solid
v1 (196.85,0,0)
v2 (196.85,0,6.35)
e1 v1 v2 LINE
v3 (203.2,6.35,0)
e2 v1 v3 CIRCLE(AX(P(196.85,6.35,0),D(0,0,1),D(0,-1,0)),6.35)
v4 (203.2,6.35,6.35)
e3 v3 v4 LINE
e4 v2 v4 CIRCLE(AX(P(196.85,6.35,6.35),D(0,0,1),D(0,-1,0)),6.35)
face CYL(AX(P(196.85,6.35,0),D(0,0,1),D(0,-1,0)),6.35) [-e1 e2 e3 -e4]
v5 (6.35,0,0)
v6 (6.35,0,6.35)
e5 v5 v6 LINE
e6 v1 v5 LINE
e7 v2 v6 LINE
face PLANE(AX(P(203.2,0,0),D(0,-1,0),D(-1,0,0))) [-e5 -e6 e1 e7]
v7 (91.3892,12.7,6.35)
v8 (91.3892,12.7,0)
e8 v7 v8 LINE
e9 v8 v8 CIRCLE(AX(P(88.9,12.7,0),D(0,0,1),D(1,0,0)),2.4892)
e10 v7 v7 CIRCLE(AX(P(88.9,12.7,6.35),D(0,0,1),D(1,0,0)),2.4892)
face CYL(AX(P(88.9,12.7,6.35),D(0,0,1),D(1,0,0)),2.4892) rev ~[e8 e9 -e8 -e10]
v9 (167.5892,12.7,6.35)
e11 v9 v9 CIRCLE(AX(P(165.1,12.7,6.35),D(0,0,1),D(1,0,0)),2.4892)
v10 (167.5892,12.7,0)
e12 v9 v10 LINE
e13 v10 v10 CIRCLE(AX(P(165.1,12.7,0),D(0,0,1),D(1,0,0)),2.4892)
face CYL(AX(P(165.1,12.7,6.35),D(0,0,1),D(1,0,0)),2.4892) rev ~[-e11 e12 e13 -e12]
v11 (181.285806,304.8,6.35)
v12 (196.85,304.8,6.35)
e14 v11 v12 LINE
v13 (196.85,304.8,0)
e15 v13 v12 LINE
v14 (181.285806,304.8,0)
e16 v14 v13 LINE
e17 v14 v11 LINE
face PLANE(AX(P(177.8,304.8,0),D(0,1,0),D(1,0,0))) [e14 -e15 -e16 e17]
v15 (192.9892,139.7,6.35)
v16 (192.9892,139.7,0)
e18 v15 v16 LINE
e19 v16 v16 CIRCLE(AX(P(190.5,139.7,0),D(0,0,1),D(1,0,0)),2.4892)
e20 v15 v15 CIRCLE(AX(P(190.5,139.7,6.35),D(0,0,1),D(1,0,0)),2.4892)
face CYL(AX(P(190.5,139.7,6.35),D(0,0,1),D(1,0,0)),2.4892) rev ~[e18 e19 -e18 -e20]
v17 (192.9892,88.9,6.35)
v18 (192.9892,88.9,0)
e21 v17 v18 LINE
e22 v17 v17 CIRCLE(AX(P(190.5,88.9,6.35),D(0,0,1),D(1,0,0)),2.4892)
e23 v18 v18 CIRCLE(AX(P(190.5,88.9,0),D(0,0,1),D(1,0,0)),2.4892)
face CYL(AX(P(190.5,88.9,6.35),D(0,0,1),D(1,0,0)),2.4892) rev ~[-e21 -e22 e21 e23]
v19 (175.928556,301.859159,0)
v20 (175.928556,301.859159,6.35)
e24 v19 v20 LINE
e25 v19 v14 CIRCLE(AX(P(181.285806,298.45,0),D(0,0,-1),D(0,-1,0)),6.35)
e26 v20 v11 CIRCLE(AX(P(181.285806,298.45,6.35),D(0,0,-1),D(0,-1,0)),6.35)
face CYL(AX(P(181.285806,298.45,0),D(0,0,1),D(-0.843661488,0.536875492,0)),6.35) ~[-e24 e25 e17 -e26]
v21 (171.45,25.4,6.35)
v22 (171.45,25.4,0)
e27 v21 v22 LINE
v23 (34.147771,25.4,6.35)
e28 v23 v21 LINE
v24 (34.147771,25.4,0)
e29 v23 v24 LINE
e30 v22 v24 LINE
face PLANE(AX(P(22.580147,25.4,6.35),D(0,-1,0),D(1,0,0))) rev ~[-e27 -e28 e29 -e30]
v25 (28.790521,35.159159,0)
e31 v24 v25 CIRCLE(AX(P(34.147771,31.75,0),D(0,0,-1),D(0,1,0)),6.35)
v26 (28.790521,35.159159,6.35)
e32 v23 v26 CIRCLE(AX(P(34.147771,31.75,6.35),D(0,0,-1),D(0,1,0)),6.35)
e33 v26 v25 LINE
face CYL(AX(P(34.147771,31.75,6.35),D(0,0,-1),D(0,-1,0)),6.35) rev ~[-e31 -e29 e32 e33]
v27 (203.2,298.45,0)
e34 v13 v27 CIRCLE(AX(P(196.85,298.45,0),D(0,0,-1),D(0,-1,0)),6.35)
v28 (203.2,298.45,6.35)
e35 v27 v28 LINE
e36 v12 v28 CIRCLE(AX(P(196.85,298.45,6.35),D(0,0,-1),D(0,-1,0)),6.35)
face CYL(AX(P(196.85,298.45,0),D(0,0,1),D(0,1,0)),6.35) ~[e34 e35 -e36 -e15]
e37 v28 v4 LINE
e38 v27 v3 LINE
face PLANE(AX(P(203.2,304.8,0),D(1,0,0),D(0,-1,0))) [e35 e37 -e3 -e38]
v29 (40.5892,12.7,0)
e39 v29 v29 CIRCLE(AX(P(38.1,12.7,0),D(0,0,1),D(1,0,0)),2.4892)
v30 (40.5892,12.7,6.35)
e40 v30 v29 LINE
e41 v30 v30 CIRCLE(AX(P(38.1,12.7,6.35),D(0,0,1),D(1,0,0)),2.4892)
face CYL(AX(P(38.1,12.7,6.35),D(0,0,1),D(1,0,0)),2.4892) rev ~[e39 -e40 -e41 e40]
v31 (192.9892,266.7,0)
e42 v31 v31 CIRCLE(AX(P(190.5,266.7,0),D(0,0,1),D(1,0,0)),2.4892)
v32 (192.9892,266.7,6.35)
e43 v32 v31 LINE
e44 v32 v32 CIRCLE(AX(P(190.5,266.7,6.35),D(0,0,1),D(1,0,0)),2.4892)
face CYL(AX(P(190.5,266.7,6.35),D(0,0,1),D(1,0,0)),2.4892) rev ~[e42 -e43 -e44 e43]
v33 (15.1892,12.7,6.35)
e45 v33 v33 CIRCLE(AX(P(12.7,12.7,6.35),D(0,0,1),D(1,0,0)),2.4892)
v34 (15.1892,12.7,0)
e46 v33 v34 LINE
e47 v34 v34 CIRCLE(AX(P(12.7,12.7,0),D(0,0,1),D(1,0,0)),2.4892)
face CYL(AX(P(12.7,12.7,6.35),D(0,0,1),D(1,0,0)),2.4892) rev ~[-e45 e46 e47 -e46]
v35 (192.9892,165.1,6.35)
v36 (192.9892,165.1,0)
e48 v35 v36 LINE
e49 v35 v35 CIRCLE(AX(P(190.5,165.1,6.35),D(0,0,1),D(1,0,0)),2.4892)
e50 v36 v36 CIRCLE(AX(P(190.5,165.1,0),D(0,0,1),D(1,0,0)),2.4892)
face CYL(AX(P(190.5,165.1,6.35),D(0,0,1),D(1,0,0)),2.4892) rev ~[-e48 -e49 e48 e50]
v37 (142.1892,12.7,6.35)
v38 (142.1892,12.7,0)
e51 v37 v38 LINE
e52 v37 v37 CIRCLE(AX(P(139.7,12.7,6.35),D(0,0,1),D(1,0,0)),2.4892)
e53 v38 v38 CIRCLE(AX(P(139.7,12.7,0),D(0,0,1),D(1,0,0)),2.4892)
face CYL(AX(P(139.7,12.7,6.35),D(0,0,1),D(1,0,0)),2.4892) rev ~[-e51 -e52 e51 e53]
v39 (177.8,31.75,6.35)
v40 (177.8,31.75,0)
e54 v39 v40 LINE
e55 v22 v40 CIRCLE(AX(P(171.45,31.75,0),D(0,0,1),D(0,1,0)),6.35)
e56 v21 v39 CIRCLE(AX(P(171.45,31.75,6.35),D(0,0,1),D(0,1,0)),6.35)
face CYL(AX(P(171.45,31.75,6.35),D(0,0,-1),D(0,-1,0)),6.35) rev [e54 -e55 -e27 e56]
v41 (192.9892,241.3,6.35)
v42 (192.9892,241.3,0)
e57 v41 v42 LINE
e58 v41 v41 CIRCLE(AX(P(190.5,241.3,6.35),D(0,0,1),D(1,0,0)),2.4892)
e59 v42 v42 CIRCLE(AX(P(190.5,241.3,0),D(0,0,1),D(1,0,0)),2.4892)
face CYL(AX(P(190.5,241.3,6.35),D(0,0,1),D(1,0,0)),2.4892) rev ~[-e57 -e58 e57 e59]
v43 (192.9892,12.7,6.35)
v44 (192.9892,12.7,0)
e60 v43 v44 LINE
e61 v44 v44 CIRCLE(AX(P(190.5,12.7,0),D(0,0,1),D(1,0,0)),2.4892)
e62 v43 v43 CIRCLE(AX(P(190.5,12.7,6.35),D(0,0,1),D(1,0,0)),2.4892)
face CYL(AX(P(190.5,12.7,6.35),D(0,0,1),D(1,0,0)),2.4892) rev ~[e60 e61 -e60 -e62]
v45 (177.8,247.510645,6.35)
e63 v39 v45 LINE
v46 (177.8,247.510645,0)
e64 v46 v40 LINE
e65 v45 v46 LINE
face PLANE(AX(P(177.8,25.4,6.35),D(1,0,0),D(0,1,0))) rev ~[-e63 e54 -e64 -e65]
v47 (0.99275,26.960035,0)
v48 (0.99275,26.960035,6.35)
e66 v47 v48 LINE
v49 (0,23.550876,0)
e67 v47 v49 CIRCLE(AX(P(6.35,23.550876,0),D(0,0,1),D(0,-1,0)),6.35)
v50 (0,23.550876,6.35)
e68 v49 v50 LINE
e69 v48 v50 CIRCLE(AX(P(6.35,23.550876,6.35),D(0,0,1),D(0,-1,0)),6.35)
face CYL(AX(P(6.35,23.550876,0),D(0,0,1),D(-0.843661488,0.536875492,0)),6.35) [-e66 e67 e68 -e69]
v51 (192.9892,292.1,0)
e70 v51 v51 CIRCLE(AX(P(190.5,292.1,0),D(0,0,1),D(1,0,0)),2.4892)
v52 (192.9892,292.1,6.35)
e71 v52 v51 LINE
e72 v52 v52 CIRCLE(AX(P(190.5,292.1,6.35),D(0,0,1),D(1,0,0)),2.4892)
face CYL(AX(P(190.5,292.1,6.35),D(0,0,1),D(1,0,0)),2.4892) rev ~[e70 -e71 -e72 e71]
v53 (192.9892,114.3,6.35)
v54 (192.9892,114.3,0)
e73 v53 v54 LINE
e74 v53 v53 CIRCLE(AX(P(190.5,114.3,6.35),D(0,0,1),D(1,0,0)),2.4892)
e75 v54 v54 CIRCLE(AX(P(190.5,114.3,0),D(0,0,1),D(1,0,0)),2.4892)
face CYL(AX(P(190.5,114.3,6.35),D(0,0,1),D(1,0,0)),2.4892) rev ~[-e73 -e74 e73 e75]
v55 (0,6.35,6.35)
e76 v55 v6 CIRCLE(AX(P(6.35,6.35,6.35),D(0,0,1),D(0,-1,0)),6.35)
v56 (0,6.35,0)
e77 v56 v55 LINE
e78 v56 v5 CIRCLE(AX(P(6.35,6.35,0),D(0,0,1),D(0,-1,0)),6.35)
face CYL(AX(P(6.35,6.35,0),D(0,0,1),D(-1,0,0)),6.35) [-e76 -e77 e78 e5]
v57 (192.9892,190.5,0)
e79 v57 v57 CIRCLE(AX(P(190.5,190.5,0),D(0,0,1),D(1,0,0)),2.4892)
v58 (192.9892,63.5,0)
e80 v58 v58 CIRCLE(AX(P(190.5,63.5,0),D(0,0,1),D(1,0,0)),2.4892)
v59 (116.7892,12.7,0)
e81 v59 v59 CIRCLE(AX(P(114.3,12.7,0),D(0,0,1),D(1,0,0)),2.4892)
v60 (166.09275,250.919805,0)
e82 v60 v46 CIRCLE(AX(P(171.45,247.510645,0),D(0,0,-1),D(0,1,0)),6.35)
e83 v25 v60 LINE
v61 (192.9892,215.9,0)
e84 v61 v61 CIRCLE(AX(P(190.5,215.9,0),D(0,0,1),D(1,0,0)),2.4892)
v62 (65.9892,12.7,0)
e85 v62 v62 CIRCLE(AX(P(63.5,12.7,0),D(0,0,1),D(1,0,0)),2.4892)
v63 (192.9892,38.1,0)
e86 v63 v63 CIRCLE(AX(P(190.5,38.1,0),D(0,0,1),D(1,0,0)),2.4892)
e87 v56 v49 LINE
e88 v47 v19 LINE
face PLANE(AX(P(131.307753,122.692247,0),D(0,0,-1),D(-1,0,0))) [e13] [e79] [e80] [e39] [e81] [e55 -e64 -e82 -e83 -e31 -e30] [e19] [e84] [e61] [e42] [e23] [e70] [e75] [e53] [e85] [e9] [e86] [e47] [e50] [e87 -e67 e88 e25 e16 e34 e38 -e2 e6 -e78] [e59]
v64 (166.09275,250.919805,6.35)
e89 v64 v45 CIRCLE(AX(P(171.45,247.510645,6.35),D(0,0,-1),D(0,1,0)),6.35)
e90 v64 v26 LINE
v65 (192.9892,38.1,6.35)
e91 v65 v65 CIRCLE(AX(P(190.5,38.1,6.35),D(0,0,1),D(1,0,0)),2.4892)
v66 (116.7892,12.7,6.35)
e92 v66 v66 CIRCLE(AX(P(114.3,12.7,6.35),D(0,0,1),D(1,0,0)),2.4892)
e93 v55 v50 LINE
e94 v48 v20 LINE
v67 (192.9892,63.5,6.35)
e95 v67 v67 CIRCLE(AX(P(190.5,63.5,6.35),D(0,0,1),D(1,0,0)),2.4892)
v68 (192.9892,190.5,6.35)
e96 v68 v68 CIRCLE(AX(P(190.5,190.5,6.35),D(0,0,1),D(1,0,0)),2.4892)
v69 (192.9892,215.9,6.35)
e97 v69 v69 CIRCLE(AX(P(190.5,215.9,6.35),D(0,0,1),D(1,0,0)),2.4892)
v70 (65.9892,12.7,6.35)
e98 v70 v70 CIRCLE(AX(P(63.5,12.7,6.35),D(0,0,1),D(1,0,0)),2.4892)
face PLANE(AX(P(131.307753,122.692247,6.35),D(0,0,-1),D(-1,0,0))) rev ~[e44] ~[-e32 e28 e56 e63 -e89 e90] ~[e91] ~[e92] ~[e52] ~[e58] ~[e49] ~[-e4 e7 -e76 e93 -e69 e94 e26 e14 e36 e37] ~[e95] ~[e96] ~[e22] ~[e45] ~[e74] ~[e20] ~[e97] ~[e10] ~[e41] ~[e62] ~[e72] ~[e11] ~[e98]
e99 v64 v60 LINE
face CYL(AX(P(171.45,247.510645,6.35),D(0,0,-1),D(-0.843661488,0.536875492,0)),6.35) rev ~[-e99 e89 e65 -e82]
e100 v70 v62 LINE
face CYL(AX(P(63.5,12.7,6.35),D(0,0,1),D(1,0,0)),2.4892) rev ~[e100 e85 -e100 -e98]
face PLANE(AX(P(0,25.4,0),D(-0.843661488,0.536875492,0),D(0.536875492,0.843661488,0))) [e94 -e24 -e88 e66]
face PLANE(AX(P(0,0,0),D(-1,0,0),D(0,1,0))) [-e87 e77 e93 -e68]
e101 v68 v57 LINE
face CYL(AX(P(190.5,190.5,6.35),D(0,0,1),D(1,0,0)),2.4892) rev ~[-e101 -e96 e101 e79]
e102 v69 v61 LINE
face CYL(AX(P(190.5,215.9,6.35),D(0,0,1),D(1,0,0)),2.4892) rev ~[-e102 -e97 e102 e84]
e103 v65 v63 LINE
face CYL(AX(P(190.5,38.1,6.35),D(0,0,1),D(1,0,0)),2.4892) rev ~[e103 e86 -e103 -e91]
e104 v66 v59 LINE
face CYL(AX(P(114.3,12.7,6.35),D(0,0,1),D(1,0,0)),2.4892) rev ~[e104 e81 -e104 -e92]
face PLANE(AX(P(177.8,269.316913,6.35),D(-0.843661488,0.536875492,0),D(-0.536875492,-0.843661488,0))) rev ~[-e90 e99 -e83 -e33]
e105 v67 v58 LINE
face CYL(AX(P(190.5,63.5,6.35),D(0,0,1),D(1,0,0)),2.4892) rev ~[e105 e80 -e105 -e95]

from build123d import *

# Parameters (mm, degrees)
BOSS_EXTRUDE1_DEPTH = 6.35
SKETCH2_R           = 2.4892
CUT_EXTRUDE1_DEPTH  = 7.35
FILLET1_R           = 6.35


with BuildPart() as part:
    # Sketch1 → Boss-Extrude1 (new body)
    with BuildSketch(Plane.XY):
        Polygon((0, 25.4), (177.8, 304.8), (203.2, 304.8), (203.2, 0), (0, 0), align=None)
    extrude(amount=BOSS_EXTRUDE1_DEPTH)

    # Sketch2 → Cut-Extrude1 (cut, through all)
    with BuildSketch(Plane.XY.offset(6.35)):
        with Locations((190.5, 12.7)):
            Circle(SKETCH2_R)
        with Locations((165.1, 12.7)):
            Circle(SKETCH2_R)
        with Locations((139.7, 12.7)):
            Circle(SKETCH2_R)
        with Locations((114.3, 12.7)):
            Circle(SKETCH2_R)
        with Locations((88.9, 12.7)):
            Circle(SKETCH2_R)
        with Locations((63.5, 12.7)):
            Circle(SKETCH2_R)
        with Locations((38.1, 12.7)):
            Circle(SKETCH2_R)
        with Locations((190.5, 38.1)):
            Circle(SKETCH2_R)
        with Locations((190.5, 63.5)):
            Circle(SKETCH2_R)
        with Locations((190.5, 88.9)):
            Circle(SKETCH2_R)
        with Locations((190.5, 114.3)):
            Circle(SKETCH2_R)
        with Locations((190.5, 139.7)):
            Circle(SKETCH2_R)
        with Locations((190.5, 165.1)):
            Circle(SKETCH2_R)
        with Locations((190.5, 190.5)):
            Circle(SKETCH2_R)
        with Locations((190.5, 215.9)):
            Circle(SKETCH2_R)
        with Locations((190.5, 241.3)):
            Circle(SKETCH2_R)
        with Locations((190.5, 266.7)):
            Circle(SKETCH2_R)
        with Locations((190.5, 292.1)):
            Circle(SKETCH2_R)
        with Locations((12.7, 12.7)):
            Circle(SKETCH2_R)
        Polygon((22.580146513, 25.4), (177.8, 25.4), (177.8, 269.316912623), align=None)
    extrude(amount=-CUT_EXTRUDE1_DEPTH, mode=Mode.SUBTRACT)

    # Fillet1
    fillet1_edges = [part.edges().sort_by_distance(p)[0] for p in [
        (22.580146513, 25.4, 3.175),
        (177.8, 269.316912623, 3.175),
        (177.8, 25.4, 3.175),
        (203.2, 0, 3.175),
        (0, 0, 3.175),
        (0, 25.4, 3.175),
        (177.8, 304.8, 3.175),
        (203.2, 304.8, 3.175),
    ]]
    fillet(fillet1_edges, radius=FILLET1_R)


solid = part.part
